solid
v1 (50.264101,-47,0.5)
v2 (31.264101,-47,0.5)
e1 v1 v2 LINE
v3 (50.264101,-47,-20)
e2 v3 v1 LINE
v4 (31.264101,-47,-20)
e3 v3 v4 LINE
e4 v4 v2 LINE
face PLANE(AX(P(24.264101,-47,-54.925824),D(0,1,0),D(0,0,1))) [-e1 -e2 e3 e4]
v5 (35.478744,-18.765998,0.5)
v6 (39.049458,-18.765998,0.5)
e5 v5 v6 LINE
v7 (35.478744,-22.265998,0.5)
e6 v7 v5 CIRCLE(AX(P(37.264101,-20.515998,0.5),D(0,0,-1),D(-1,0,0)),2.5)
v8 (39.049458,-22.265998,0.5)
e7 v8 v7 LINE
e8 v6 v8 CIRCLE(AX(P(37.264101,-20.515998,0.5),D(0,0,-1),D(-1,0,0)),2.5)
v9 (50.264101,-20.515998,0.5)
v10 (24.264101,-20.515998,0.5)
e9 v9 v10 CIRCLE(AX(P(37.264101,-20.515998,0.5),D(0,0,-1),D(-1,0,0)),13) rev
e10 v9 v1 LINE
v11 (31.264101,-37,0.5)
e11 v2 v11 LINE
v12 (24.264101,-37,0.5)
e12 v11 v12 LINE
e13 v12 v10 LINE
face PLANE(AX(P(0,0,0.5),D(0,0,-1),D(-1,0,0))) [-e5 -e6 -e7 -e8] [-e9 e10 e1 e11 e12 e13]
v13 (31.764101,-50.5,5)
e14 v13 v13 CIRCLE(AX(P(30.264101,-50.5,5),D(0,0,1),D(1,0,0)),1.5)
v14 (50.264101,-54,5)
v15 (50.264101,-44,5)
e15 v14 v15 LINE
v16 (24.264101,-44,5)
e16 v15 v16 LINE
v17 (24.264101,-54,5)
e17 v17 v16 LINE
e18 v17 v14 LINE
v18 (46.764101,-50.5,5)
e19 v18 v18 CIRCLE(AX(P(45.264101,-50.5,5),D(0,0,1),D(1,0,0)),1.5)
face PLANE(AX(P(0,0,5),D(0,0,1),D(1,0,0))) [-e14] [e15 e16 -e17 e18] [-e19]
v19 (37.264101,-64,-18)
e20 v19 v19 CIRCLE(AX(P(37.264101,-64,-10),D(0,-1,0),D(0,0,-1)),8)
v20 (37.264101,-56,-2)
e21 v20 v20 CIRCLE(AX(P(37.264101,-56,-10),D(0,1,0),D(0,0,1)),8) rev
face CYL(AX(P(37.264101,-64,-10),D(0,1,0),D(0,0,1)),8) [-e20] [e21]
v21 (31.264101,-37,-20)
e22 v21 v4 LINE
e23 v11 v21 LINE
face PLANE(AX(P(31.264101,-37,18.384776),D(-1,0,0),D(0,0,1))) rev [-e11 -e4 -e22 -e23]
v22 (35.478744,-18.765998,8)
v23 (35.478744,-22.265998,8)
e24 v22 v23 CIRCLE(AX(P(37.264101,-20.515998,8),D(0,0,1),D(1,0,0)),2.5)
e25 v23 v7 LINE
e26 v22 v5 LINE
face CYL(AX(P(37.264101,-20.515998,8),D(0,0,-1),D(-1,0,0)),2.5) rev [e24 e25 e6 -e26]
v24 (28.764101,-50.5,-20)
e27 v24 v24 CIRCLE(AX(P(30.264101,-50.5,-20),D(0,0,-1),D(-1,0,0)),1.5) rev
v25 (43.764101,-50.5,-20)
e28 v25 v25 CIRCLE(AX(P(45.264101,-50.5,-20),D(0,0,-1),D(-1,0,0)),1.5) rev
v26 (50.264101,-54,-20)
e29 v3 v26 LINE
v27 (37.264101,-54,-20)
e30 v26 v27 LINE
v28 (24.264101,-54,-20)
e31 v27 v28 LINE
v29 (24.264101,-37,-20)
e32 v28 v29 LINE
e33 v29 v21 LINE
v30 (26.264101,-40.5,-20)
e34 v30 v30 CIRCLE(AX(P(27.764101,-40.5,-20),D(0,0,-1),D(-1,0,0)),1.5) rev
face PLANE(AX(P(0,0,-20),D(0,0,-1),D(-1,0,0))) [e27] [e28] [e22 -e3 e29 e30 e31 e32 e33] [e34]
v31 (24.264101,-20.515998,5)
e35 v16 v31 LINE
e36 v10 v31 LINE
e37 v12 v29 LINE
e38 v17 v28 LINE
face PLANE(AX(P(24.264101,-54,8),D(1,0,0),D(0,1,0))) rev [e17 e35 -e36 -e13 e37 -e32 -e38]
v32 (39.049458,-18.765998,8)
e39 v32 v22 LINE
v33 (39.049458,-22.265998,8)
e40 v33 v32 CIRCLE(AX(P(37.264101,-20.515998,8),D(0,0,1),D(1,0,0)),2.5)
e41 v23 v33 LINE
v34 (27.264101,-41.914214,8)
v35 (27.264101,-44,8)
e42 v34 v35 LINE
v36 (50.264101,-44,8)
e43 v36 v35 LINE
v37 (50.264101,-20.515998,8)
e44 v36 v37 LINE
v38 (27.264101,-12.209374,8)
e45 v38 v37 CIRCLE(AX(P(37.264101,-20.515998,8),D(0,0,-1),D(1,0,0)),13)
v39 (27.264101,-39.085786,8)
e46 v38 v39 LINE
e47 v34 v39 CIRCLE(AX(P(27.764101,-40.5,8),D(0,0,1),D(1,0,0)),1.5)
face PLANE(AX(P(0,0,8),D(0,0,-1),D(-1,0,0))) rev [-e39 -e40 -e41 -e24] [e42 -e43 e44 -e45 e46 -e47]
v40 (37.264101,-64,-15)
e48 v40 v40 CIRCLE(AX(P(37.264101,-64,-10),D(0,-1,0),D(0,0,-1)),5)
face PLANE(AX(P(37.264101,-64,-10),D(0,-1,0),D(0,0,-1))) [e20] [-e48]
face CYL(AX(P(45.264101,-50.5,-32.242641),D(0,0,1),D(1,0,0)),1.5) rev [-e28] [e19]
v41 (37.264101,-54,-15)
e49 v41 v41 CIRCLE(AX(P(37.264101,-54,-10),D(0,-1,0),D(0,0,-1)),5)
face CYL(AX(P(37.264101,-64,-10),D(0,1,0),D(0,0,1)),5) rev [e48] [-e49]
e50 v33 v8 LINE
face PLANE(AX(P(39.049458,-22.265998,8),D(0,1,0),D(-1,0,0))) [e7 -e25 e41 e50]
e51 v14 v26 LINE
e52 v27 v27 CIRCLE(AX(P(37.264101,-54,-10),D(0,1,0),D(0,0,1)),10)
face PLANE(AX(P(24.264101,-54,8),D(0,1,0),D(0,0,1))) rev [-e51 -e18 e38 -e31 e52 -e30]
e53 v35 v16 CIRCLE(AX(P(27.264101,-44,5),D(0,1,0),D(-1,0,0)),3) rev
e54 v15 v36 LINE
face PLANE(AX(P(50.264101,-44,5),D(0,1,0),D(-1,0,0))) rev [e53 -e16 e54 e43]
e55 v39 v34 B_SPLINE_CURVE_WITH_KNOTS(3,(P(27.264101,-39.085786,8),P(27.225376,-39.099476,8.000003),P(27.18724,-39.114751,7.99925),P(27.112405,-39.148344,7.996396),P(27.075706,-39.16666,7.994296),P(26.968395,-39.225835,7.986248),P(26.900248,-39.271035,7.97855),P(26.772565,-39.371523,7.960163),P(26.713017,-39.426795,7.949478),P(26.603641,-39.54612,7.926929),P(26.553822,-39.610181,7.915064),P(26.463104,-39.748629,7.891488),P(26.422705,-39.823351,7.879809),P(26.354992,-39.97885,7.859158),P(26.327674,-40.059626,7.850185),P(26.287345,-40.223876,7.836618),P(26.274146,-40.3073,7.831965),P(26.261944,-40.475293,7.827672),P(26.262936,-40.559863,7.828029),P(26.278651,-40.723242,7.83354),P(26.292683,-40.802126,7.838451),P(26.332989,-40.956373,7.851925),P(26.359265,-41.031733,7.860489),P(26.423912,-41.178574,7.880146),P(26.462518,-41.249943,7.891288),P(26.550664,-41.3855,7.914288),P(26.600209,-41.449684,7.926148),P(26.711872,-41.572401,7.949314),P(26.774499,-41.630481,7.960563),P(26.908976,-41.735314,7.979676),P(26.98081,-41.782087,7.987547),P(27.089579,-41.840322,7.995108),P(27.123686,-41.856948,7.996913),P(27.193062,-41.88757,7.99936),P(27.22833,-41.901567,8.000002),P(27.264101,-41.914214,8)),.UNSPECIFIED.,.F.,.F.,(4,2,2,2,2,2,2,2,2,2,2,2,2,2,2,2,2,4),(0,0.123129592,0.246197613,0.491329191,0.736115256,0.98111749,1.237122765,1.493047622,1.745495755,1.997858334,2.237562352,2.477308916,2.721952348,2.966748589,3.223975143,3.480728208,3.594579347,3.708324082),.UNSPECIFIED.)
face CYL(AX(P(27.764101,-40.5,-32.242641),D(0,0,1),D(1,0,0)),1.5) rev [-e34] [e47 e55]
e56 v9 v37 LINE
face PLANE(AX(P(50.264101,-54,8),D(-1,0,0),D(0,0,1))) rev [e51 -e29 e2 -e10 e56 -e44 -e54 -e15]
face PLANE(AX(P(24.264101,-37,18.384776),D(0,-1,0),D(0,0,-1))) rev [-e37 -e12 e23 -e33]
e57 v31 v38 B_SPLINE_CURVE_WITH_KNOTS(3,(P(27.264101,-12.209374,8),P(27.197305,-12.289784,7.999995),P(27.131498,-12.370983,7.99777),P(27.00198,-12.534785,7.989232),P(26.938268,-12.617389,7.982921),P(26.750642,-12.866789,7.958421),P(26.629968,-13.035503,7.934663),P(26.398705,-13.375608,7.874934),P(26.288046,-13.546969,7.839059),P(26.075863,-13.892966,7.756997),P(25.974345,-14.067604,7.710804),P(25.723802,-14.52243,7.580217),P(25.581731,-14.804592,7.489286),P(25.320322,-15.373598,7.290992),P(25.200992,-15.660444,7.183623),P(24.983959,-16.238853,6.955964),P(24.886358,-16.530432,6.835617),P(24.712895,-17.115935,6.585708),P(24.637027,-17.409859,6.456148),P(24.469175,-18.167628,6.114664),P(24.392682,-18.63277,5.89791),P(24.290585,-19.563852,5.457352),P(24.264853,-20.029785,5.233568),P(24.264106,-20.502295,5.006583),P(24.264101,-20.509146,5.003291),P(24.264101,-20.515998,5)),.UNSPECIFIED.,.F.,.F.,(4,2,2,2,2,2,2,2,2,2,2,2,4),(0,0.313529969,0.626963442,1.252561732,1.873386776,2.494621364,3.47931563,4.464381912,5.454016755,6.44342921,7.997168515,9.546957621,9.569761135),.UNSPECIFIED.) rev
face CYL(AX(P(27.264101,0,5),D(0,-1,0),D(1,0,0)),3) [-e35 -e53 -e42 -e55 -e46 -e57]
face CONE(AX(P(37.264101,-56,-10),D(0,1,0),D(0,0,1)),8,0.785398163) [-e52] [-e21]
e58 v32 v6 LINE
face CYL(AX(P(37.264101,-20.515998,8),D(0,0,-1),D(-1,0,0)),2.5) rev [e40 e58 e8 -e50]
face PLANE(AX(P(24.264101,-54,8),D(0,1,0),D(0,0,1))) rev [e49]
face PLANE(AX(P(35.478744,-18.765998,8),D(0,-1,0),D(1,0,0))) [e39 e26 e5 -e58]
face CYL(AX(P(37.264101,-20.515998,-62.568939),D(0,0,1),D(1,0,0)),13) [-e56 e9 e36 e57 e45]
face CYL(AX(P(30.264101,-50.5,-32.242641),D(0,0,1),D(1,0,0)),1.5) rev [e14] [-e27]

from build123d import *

# Parameters (mm, degrees)
SKETCH1_W           = 26
SKETCH1_H           = 50
BOSS_EXTRUDE1_DEPTH = 8
SKETCH2_W           = 26
SKETCH2_H           = 50
BOSS_EXTRUDE2_DEPTH = 8
SKETCH3_W           = 26
SKETCH3_H           = 7
BOSS_EXTRUDE3_DEPTH = 36
SKETCH4_R           = 8
SKETCH4_R_2         = 5
BOSS_EXTRUDE4_DEPTH = 10
FILLET2_R           = 3
SKETCH6_W           = 7
SKETCH6_H           = 17
BOSS_EXTRUDE5_DEPTH = 20
CHAMFER1_SIZE       = 2
CUT_EXTRUDE2_DEPTH  = 0.5
CUT_EXTRUDE3_DEPTH  = 0.5
CUT_EXTRUDE4_START  = -36
CUT_EXTRUDE4_DEPTH  = 36
SKETCH11_W          = 26
SKETCH11_H          = 10
CUT_EXTRUDE5_DEPTH  = 3
SKETCH12_W          = 26
SKETCH12_H          = 10
CUT_EXTRUDE6_DEPTH  = 3
CUT_EXTRUDE7_REACH  = 90.986
SKETCH13_R          = 1.5
SKETCH14_W          = 39.670907723
SKETCH14_H          = 70.738486061
CUT_EXTRUDE8_DEPTH  = 8


with BuildPart() as part:
    # Sketch1 → Boss-Extrude1 (new body)
    with BuildSketch(Plane.XY):
        with Locations((37.264100782, -29)):
            Rectangle(SKETCH1_W, SKETCH1_H)
        with BuildLine():
            Line((39.049457889, -22.265997948), (35.478743675, -22.265997948))
            ThreePointArc((35.478743675, -22.265997948), (34.764100782, -20.515997948), (35.478743675, -18.765997947))
            Line((35.478743675, -18.765997947), (39.049457889, -18.765997947))
            ThreePointArc((39.049457889, -18.765997947), (39.764100782, -20.515997948), (39.049457889, -22.265997948))
        make_face(mode=Mode.SUBTRACT)
    extrude(amount=BOSS_EXTRUDE1_DEPTH)



with BuildPart() as body_2:
    # Sketch2 → Boss-Extrude2 (new body)
    with BuildSketch(Plane(origin=(0, 0, -20), x_dir=(-1, 0, 0), z_dir=(0, 0, -1))):
        with Locations((-37.264100782, -29)):
            Rectangle(SKETCH2_W, SKETCH2_H)
        with BuildLine():
            Line((-39.049457889, -18.765997947), (-35.478743675, -18.765997947))
            ThreePointArc((-35.478743675, -18.765997947), (-34.764100782, -20.515997948), (-35.478743675, -22.265997948))
            Line((-35.478743675, -22.265997948), (-39.049457889, -22.265997948))
            ThreePointArc((-39.049457889, -22.265997948), (-39.764100782, -20.515997948), (-39.049457889, -18.765997947))
        make_face(mode=Mode.SUBTRACT)
    extrude(amount=BOSS_EXTRUDE2_DEPTH)


with BuildPart() as part_1:
    add(part.part)

    add(body_2.part)  # Boss-Extrude3 merges body 2
    # Sketch3 → Boss-Extrude3 (add)
    with BuildSketch(Plane.XY.offset(8)):
        with Locations((37.264100782, -50.5)):
            Rectangle(SKETCH3_W, SKETCH3_H)
    extrude(amount=-BOSS_EXTRUDE3_DEPTH)

    # Sketch4 → Boss-Extrude4 (add)
    with BuildSketch(Plane.XZ.offset(54)):
        with Locations(Location((37.264100782, -10, 0), (0, 0, 90))):
            Circle(SKETCH4_R)
        with Locations(Location((37.264100782, -10, 0), (0, 0, 270))):
            Circle(SKETCH4_R_2, mode=Mode.SUBTRACT)
    extrude(amount=BOSS_EXTRUDE4_DEPTH)

    # Fillet2
    fillet2_edges = [part_1.edges().sort_by_distance(p)[0] for p in [
        (24.264100782, -29, 8),
        (24.264100782, -29, -28),
    ]]
    fillet(fillet2_edges, radius=FILLET2_R)

    # Sketch6 → Boss-Extrude5 (add)
    with BuildSketch(Plane.XY.offset(-20)):
        with Locations((27.764100782, -45.5)):
            Rectangle(SKETCH6_W, SKETCH6_H)
    extrude(amount=BOSS_EXTRUDE5_DEPTH)

    # Chamfer1
    chamfer1_edges = [part_1.edges().sort_by_distance(p)[0] for p in [
        (37.264100782, -54, -18),
    ]]
    chamfer(chamfer1_edges, length=CHAMFER1_SIZE)

    # Sketch7 → Cut-Extrude2 (cut)
    with BuildSketch(Plane(origin=(0, 0, 0), x_dir=(-1, 0, 0), z_dir=(0, 0, -1))):
        Polygon((-50.264100782, -4), (-50.264100782, -47), (-31.264100782, -47), (-31.264100782, -37), (-24.264100782, -37), (-24.264100782, -4), align=None)
    extrude(amount=-CUT_EXTRUDE2_DEPTH, mode=Mode.SUBTRACT)

    # Sketch8 → Cut-Extrude3 (cut)
    with BuildSketch(Plane.XY.offset(-20)):
        Polygon((50.264100782, -47), (50.264100782, -4), (24.264100782, -4), (24.264100782, -37), (31.264100782, -37), (31.264100782, -47), align=None)
    extrude(amount=-CUT_EXTRUDE3_DEPTH, mode=Mode.SUBTRACT)

    # Sketch10 → Cut-Extrude4 (cut)
    with BuildSketch(Plane.XY.offset(8).offset(CUT_EXTRUDE4_START)):
        with BuildLine():
            Line((50.264100782, -20.515997948), (50.264100782, 2.26582648))
            Line((50.264100782, 2.26582648), (24.264100782, 2.26582648))
            Line((24.264100782, 2.26582648), (24.264100782, -20.515997948))
            ThreePointArc((24.264100782, -20.515997948), (37.264100782, -7.515997948), (50.264100782, -20.515997948))
        make_face()
    extrude(amount=CUT_EXTRUDE4_DEPTH, mode=Mode.SUBTRACT)

    # Sketch11 → Cut-Extrude5 (cut)
    with BuildSketch(Plane.XY.offset(8)):
        with Locations((37.264100782, -49)):
            Rectangle(SKETCH11_W, SKETCH11_H)
    extrude(amount=-CUT_EXTRUDE5_DEPTH, mode=Mode.SUBTRACT)

    # Sketch12 → Cut-Extrude6 (cut)
    with BuildSketch(Plane(origin=(0, 0, -28), x_dir=(-1, 0, 0), z_dir=(0, 0, -1))):
        with Locations((-37.264100782, -49)):
            Rectangle(SKETCH12_W, SKETCH12_H)
    extrude(amount=-CUT_EXTRUDE6_DEPTH, mode=Mode.SUBTRACT)

    # Cut-Extrude7: up to this face of the body (flat: up to its plane)
    cut_extrude7_end = Plane(part_1.part.faces().sort_by_distance((38.560022368, -26.898937337, -28))[0])
    # Sketch13 → Cut-Extrude7 (cut, up to the picked face)
    with BuildSketch(Plane.XY.offset(8), mode=Mode.PRIVATE) as cut_extrude7_sk1:
        with Locations((45.264100782, -50.5)):
            Circle(SKETCH13_R)
    cut_extrude7_tool1 = split(extrude(cut_extrude7_sk1.sketch, amount=-CUT_EXTRUDE7_REACH, mode=Mode.PRIVATE), bisect_by=cut_extrude7_end, keep=Keep.BOTH, mode=Mode.PRIVATE)
    # Sketch13 → Cut-Extrude7 (cut, up to the picked face)
    with BuildSketch(Plane.XY.offset(8), mode=Mode.PRIVATE) as cut_extrude7_sk2:
        with Locations((30.264100782, -50.5)):
            Circle(SKETCH13_R)
    cut_extrude7_tool2 = split(extrude(cut_extrude7_sk2.sketch, amount=-CUT_EXTRUDE7_REACH, mode=Mode.PRIVATE), bisect_by=cut_extrude7_end, keep=Keep.BOTH, mode=Mode.PRIVATE)
    # Sketch13 → Cut-Extrude7 (cut, up to the picked face)
    with BuildSketch(Plane.XY.offset(8), mode=Mode.PRIVATE) as cut_extrude7_sk3:
        with Locations(Location((27.764100782, -40.5, 0), (0, 0, 109.471220634))):
            Circle(SKETCH13_R)
    cut_extrude7_tool3 = split(extrude(cut_extrude7_sk3.sketch, amount=-CUT_EXTRUDE7_REACH, mode=Mode.PRIVATE), bisect_by=cut_extrude7_end, keep=Keep.BOTH, mode=Mode.PRIVATE)
    add(cut_extrude7_tool1.solids().sort_by(Axis((45.264101, -50.5, 8), (0, 0, -1)))[0], mode=Mode.SUBTRACT)
    add(cut_extrude7_tool2.solids().sort_by(Axis((30.264101, -50.5, 8), (0, 0, -1)))[0], mode=Mode.SUBTRACT)
    add(cut_extrude7_tool3.solids().sort_by(Axis((27.764101, -40.5, 8), (0, 0, -1)))[0], mode=Mode.SUBTRACT)

    # Sketch14 → Cut-Extrude8 (cut)
    with BuildSketch(Plane(origin=(0, 0, -28), x_dir=(-1, 0, 0), z_dir=(0, 0, -1))):
        with Locations((-35.76618016, -37.229796089)):
            Rectangle(SKETCH14_W, SKETCH14_H)
    extrude(amount=-CUT_EXTRUDE8_DEPTH, mode=Mode.SUBTRACT)


solid = part_1.part
